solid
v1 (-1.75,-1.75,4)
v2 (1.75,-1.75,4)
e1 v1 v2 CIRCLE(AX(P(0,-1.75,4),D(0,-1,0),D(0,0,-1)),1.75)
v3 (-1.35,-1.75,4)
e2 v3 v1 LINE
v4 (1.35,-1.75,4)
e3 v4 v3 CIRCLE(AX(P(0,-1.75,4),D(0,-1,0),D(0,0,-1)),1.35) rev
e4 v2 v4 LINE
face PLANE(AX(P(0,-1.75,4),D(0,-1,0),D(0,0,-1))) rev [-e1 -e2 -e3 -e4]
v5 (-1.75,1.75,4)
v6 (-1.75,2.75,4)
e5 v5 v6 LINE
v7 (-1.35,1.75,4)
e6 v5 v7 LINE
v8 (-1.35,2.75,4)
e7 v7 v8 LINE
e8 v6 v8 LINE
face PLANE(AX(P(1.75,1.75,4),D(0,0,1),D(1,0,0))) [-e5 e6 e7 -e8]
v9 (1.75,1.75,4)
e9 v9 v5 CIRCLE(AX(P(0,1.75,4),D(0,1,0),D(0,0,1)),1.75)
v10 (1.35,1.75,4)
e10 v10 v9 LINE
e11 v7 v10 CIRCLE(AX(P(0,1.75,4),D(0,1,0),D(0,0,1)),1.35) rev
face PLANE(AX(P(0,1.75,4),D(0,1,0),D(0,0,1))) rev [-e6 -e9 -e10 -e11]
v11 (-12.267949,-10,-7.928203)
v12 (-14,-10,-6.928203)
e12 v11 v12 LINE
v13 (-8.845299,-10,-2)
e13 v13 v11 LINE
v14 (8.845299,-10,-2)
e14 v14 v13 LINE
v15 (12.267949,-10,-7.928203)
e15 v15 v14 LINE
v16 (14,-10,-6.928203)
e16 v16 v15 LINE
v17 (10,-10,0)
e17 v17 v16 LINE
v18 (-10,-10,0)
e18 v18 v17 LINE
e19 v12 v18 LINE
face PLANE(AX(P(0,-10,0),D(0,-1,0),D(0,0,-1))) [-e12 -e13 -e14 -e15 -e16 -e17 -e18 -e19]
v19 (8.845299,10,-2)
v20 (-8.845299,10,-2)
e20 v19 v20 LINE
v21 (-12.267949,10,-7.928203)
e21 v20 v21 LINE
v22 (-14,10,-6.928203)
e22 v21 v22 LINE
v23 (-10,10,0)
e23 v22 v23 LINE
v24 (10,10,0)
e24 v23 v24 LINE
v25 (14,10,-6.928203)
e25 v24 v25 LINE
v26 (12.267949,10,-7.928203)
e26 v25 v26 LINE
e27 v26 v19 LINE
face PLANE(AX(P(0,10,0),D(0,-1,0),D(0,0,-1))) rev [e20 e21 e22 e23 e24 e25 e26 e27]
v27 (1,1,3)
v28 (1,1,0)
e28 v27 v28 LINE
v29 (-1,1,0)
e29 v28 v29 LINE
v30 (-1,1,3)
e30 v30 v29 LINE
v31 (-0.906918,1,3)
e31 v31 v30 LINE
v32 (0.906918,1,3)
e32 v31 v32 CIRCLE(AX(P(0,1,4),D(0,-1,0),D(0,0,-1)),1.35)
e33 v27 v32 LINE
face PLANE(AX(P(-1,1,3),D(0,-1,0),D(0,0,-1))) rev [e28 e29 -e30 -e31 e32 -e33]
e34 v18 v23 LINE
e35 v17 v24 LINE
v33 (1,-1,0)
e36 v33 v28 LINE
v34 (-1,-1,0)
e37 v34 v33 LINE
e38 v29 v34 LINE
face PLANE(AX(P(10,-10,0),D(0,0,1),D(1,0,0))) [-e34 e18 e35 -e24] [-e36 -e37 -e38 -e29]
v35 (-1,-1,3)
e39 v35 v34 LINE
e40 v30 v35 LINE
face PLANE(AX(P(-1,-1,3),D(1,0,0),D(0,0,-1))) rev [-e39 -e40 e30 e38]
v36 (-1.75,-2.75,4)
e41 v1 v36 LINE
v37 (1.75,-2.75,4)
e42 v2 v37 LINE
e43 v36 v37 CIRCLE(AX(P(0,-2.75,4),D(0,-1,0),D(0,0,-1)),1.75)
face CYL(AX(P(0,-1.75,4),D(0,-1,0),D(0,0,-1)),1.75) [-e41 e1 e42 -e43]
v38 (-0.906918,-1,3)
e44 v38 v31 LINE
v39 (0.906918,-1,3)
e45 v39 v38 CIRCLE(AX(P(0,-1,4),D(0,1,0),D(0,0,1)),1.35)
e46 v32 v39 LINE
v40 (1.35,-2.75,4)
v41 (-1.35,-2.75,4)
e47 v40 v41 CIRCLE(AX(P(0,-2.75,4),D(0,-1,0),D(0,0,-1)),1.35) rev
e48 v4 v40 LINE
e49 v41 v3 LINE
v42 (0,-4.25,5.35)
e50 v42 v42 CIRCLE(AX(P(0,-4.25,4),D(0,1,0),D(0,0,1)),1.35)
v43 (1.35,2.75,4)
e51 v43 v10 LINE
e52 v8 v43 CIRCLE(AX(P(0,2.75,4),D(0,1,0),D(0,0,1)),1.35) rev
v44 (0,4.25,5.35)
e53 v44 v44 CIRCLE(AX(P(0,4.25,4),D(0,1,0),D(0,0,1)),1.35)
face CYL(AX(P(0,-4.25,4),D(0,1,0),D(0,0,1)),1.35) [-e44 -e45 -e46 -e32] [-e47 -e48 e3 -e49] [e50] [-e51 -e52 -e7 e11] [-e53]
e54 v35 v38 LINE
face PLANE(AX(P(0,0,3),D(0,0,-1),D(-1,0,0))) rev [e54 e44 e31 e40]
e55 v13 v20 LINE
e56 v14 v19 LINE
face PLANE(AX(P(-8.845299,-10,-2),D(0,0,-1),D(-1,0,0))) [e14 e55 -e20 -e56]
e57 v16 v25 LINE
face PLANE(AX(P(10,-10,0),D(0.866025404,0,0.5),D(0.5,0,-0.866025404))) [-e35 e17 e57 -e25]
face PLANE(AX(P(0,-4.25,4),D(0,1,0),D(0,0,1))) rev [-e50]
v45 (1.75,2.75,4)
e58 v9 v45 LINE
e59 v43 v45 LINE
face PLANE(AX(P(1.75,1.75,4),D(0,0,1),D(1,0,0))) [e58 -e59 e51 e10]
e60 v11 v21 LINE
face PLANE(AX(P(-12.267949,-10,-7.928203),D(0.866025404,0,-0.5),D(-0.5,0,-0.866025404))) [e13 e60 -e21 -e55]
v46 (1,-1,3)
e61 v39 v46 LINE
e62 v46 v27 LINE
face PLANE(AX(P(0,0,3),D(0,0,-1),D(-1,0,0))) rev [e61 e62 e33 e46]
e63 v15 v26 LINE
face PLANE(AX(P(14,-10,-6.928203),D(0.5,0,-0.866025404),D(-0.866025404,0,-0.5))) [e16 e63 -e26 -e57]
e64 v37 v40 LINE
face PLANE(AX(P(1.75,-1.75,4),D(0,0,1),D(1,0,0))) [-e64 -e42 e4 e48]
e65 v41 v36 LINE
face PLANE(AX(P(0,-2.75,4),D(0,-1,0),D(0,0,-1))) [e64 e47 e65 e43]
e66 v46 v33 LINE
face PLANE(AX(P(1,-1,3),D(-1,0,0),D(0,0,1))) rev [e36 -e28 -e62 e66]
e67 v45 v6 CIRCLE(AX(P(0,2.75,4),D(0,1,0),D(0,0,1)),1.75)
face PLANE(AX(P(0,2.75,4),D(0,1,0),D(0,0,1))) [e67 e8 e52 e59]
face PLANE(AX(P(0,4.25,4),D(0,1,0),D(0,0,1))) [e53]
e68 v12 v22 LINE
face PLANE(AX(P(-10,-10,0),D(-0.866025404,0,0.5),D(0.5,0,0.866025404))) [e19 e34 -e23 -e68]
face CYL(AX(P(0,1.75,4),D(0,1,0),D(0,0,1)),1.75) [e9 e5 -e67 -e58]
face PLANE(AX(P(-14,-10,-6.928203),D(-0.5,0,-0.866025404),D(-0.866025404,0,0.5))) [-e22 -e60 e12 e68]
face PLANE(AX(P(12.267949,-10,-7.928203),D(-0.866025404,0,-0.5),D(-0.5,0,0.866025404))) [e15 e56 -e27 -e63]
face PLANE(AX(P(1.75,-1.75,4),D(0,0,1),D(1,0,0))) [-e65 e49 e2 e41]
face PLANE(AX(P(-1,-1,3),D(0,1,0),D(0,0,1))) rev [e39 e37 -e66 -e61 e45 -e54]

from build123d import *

# Parameters (mm, degrees)
SKETCH_1_W           = 2
SKETCH_1_H           = 2
EXTRUDE_1_DEPTH      = 3
EXTRUDE_2_DEPTH      = 3.25
EXTRUDE_2_DEPTH_BACK = 5.25
SKETCH_2_R           = 1.35
EXTRUDE_5_DEPTH      = 1
EXTRUDE_START        = -1
EXTRUDE_6_DEPTH      = 1
EXTRUDE_7_DEPTH      = 10
EXTRUDE_7_DEPTH_BACK = 10


with BuildPart() as part:
    # 草图1 → 凸台-拉伸1 (new body)
    with BuildSketch(Plane.XY):
        Rectangle(SKETCH_1_W, SKETCH_1_H)
    extrude(amount=EXTRUDE_1_DEPTH)

    # 草图2 → 凸台-拉伸2 (add, two sides: drawn at the far end of the back side and taken through both)
    with BuildSketch(Plane(origin=(0, 1, 0), x_dir=(1, 0, 0), z_dir=(0, 1, 0)).offset(-EXTRUDE_2_DEPTH_BACK)):
        with Locations(Location((0, -4, 0), (0, 0, 270))):
            Circle(SKETCH_2_R)
    extrude(amount=EXTRUDE_2_DEPTH + EXTRUDE_2_DEPTH_BACK)

    # 草图6 → 凸台-拉伸5 (add)
    with BuildSketch(Plane(origin=(0, -2.75, 0), x_dir=(-1, 0, 0), z_dir=(0, -1, 0))):
        with BuildLine():
            Line((-1.75, -4), (1.75, -4))
            ThreePointArc((1.75, -4), (0, -2.25), (-1.75, -4))
        make_face()
    extrude(amount=-EXTRUDE_5_DEPTH)

    # 草图7 → 凸台-拉伸6 (add)
    with BuildSketch(Plane(origin=(0, 2.75, 0), x_dir=(1, 0, 0), z_dir=(0, 1, 0)).offset(EXTRUDE_START)):
        with BuildLine():
            Line((1.75, -4), (-1.75, -4))
            ThreePointArc((-1.75, -4), (0, -2.25), (1.75, -4))
        make_face()
    extrude(amount=EXTRUDE_6_DEPTH)

    # 草图12 → 凸台-拉伸7 (add, two sides: drawn at the far end of the back side and taken through both)
    with BuildSketch(Plane(origin=(0, 0, 0), x_dir=(1, 0, 0), z_dir=(0, 1, 0)).offset(-EXTRUDE_7_DEPTH_BACK)):
        Polygon((10, 0), (-10, 0), (-14, 6.92820323), (-12.267949192, 7.92820323), (-8.845299462, 2), (8.845299462, 2), (12.267949192, 7.92820323), (14, 6.92820323), align=None)
    extrude(amount=EXTRUDE_7_DEPTH + EXTRUDE_7_DEPTH_BACK)


solid = part.part
